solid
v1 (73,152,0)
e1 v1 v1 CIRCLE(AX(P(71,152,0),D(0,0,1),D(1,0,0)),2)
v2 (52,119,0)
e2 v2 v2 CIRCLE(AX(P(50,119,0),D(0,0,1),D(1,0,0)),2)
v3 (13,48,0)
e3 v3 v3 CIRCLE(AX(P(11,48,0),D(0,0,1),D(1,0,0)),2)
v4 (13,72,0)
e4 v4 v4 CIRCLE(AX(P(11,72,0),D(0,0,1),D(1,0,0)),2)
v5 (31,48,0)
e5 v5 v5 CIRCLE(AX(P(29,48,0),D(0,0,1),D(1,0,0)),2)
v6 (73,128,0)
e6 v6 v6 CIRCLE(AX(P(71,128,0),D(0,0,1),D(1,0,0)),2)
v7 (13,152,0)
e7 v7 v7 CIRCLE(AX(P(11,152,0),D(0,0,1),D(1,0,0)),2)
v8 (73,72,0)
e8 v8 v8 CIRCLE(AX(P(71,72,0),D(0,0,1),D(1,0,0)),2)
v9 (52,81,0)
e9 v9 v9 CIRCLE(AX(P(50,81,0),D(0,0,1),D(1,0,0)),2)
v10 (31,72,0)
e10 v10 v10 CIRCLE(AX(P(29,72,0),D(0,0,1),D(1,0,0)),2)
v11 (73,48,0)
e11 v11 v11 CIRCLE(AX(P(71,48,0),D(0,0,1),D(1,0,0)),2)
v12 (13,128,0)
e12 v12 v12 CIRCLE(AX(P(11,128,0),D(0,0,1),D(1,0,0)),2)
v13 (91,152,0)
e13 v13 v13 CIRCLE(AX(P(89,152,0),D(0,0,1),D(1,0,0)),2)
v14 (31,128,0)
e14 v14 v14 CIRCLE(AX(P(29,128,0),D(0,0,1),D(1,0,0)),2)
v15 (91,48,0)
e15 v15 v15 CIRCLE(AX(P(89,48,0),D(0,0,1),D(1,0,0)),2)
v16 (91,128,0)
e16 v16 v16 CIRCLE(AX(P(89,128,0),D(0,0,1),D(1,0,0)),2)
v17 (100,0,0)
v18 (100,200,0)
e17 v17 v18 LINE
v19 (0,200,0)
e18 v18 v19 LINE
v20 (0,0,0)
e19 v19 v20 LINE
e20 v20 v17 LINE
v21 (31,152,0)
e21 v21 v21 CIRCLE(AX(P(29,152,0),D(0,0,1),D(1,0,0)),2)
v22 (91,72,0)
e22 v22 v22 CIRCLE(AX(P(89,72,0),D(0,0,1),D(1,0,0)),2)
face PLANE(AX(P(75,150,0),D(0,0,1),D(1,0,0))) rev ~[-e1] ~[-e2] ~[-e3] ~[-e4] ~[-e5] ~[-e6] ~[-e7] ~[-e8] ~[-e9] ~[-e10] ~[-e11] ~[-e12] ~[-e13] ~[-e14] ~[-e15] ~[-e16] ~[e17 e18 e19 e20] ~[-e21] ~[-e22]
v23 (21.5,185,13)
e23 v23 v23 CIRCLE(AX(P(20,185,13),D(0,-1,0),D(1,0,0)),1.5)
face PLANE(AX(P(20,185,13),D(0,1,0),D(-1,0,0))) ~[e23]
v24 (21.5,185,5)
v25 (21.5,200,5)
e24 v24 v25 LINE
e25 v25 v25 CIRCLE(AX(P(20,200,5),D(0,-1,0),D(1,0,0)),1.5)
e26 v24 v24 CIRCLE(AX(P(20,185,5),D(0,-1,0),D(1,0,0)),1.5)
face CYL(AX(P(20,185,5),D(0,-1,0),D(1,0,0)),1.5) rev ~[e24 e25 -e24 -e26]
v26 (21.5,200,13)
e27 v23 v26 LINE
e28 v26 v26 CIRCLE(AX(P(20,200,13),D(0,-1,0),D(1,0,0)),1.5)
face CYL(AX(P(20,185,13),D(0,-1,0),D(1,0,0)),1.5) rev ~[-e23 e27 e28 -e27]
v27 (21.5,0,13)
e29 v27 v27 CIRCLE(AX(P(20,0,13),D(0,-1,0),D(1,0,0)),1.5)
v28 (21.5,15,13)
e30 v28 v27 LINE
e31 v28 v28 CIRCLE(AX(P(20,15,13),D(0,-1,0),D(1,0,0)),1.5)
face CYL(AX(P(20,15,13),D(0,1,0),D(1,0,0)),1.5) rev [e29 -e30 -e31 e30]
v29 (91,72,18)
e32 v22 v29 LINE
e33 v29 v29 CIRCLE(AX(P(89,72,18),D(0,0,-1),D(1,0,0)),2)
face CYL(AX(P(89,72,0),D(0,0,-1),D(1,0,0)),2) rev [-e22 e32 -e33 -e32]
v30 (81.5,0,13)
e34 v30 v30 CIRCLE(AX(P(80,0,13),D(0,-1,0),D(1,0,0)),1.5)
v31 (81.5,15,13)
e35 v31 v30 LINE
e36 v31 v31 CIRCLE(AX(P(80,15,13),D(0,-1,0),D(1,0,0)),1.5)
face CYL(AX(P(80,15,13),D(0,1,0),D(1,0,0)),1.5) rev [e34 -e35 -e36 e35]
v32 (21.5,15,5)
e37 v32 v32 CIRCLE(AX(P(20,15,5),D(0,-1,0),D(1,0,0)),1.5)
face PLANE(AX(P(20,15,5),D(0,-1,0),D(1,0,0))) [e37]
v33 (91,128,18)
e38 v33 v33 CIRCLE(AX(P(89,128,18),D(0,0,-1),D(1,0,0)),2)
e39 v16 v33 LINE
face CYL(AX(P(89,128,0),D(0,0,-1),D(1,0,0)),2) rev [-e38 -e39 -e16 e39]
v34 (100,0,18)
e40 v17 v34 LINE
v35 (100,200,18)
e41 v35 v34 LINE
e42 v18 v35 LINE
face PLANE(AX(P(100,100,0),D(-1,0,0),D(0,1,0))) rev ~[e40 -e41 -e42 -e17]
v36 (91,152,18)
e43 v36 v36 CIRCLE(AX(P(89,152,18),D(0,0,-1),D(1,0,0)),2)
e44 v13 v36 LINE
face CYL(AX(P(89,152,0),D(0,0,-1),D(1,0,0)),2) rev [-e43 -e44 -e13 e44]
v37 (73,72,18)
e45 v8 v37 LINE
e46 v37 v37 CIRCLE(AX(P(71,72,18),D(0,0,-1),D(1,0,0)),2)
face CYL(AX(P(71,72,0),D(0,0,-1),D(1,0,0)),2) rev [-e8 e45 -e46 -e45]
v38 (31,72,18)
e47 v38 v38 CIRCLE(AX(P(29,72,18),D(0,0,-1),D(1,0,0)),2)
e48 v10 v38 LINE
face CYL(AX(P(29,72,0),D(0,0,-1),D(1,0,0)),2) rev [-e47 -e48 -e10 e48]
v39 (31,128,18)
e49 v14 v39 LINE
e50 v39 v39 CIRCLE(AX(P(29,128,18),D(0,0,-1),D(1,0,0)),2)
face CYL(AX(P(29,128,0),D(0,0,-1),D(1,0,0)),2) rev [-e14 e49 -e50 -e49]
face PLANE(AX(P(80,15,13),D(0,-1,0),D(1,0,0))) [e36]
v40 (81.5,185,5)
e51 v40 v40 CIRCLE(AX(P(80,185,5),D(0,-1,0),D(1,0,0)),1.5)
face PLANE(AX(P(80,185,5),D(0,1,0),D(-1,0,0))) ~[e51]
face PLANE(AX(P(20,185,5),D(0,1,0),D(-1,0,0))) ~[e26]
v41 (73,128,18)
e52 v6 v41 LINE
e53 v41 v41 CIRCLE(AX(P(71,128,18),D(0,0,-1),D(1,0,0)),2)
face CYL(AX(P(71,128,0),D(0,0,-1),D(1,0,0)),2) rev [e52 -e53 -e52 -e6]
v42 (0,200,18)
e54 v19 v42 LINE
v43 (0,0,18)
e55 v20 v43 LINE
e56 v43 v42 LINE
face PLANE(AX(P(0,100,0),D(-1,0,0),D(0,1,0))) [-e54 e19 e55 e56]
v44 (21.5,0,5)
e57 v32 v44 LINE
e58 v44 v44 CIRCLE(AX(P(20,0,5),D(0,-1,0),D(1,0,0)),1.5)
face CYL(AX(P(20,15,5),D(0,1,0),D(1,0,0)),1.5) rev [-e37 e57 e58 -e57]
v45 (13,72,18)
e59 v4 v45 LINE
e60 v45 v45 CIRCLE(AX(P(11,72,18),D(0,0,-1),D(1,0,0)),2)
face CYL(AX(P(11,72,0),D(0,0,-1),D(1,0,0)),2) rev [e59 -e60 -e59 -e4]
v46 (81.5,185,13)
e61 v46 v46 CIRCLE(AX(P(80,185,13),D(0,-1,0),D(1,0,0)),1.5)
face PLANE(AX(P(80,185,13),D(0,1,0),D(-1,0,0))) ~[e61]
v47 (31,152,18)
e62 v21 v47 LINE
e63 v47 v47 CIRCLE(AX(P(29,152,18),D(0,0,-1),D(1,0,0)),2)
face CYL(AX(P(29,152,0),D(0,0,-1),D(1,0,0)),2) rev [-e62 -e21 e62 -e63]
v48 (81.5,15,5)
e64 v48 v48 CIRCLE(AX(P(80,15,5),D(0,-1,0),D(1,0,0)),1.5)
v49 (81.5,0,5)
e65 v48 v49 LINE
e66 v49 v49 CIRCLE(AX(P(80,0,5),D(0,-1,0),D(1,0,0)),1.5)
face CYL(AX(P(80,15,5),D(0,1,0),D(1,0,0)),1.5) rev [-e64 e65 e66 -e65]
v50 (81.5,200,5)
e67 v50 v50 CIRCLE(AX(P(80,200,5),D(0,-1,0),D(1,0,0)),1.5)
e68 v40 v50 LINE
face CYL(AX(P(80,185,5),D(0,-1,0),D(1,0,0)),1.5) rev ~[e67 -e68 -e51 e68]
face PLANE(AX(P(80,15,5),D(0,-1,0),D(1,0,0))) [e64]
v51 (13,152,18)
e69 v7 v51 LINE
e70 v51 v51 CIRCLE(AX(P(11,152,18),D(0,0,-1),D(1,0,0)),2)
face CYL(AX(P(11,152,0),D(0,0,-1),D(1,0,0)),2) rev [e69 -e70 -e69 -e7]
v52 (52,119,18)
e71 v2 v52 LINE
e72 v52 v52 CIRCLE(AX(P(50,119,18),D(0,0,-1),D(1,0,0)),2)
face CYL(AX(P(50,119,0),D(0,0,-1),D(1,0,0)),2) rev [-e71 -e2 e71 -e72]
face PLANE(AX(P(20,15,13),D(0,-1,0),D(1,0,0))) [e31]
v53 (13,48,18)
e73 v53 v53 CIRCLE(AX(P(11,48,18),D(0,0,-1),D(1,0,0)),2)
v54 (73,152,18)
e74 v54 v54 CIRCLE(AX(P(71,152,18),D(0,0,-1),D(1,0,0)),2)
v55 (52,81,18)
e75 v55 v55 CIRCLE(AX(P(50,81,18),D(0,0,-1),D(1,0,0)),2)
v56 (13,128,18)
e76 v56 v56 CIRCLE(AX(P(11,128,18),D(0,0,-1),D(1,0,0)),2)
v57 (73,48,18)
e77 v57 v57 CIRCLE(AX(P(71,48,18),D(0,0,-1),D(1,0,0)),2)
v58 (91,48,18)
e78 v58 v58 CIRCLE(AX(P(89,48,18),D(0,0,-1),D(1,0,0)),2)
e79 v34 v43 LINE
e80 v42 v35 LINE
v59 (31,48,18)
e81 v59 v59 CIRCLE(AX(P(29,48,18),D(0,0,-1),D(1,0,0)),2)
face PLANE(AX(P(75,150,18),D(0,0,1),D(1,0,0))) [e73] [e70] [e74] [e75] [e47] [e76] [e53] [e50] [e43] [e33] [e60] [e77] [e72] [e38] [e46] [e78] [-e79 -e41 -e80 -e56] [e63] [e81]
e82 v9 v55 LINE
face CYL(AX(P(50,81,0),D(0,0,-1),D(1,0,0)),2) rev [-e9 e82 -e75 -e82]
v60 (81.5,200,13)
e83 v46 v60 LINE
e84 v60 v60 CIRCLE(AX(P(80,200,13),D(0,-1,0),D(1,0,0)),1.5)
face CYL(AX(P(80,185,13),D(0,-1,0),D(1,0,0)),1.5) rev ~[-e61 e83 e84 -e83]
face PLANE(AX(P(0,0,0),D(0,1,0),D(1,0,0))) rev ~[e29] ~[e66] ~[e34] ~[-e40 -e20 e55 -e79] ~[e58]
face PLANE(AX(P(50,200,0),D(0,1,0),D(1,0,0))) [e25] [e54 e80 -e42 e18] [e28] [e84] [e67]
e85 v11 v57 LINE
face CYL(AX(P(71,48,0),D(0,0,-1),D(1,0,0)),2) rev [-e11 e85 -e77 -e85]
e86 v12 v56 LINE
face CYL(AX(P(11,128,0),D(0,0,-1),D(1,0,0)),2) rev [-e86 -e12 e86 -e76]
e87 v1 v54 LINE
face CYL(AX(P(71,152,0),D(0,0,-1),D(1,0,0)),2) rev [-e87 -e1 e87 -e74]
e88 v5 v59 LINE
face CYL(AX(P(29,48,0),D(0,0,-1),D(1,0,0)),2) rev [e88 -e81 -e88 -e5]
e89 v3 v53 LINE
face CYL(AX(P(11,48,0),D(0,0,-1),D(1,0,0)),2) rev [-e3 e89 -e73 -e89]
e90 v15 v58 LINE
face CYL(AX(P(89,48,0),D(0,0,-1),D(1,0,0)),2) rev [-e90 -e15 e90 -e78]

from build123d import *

# Parameters (mm, degrees)
CYLINDER021_R          = 1.5
CYLINDER021_DEPTH      = 15
CYLINDER021_ROLL_ANGLE = 90
CYLINDER020_R          = 1.5
CYLINDER020_DEPTH      = 15
CYLINDER020_ROLL_ANGLE = 90
CYLINDER018_R          = 1.5
CYLINDER018_DEPTH      = 15
CYLINDER018_ROLL_ANGLE = 90
CYLINDER019_R          = 1.5
CYLINDER019_DEPTH      = 15
CYLINDER019_ROLL_ANGLE = 90
CYLINDER017_R          = 2
CYLINDER017_DEPTH      = 25
CYLINDER016_R          = 2
CYLINDER016_DEPTH      = 25
CYLINDER001_R          = 2
CYLINDER001_DEPTH      = 25
CYLINDER002_R          = 2
CYLINDER002_DEPTH      = 25
CYLINDER003_R          = 2
CYLINDER003_DEPTH      = 25
CYLINDER_R             = 2
CYLINDER_DEPTH         = 25
BOX_W                  = 50
BOX_H                  = 100
BOX_DEPTH              = 18
CYLINDER013_R          = 2
CYLINDER013_DEPTH      = 25
CYLINDER014_R          = 2
CYLINDER014_DEPTH      = 25
CYLINDER015_R          = 2
CYLINDER015_DEPTH      = 25
CYLINDER012_R          = 2
CYLINDER012_DEPTH      = 25
BOX002_W               = 50
BOX002_H               = 100
BOX002_DEPTH           = 18
CYLINDER009_R          = 2
CYLINDER009_DEPTH      = 25
CYLINDER010_R          = 2
CYLINDER010_DEPTH      = 25
CYLINDER011_R          = 2
CYLINDER011_DEPTH      = 25
CYLINDER008_R          = 2
CYLINDER008_DEPTH      = 25
BOX003_W               = 50
BOX003_H               = 100
BOX003_DEPTH           = 18
CYLINDER005_R          = 2
CYLINDER005_DEPTH      = 25
CYLINDER006_R          = 2
CYLINDER006_DEPTH      = 25
CYLINDER007_R          = 2
CYLINDER007_DEPTH      = 25
CYLINDER004_R          = 2
CYLINDER004_DEPTH      = 25
BOX001_W               = 50
BOX001_H               = 100
BOX001_DEPTH           = 18


with BuildPart() as cilindro019:
    # Cylinder021 → Cylinder021 (new body)
    with BuildSketch(Plane.XY):
        Circle(CYLINDER021_R)
    extrude(amount=CYLINDER021_DEPTH)


with BuildPart() as cilindro019_1:
    # Cylinder021 roll: moved
    add(cilindro019.part.rotate(Axis((0, 0, 0), (1, 0, 0)), CYLINDER021_ROLL_ANGLE))


with BuildPart() as cilindro019_2:
    # Cylinder021 placement: moved
    add(cilindro019_1.part.moved(Location((20, 15, 9))))


with BuildPart() as fusion006:
    # Cylinder020 → Cylinder020 (new body)
    with BuildSketch(Plane.XY):
        Circle(CYLINDER020_R)
    extrude(amount=CYLINDER020_DEPTH)


with BuildPart() as fusion006_1:
    # Cylinder020 roll: moved
    add(fusion006.part.rotate(Axis((0, 0, 0), (1, 0, 0)), CYLINDER020_ROLL_ANGLE))


with BuildPart() as fusion006_2:
    # Cylinder020 placement: moved
    add(fusion006_1.part.moved(Location((80, 15, 9))))

    # Fusion006: union Cilindro019
    add(cilindro019_2.part)


with BuildPart() as fusion006_3:
    # Fusion006 placement: moved
    add(fusion006_2.part.moved(Location((0, 0, 4))))


with BuildPart() as mirror_of_fusion006:
    # mirror001: instance of Fusion006
    add(fusion006_3.part.mirror(Plane(origin=(0, 100, 18), x_dir=(1, 0, 0), z_dir=(0, 1, 0))))


with BuildPart() as cilindro016:
    # Cylinder018 → Cylinder018 (new body)
    with BuildSketch(Plane.XY):
        Circle(CYLINDER018_R)
    extrude(amount=CYLINDER018_DEPTH)


with BuildPart() as cilindro016_1:
    # Cylinder018 roll: moved
    add(cilindro016.part.rotate(Axis((0, 0, 0), (1, 0, 0)), CYLINDER018_ROLL_ANGLE))


with BuildPart() as cilindro016_2:
    # Cylinder018 placement: moved
    add(cilindro016_1.part.moved(Location((20, 15, 9))))


with BuildPart() as fusion005:
    # Cylinder019 → Cylinder019 (new body)
    with BuildSketch(Plane.XY):
        Circle(CYLINDER019_R)
    extrude(amount=CYLINDER019_DEPTH)


with BuildPart() as fusion005_1:
    # Cylinder019 roll: moved
    add(fusion005.part.rotate(Axis((0, 0, 0), (1, 0, 0)), CYLINDER019_ROLL_ANGLE))


with BuildPart() as fusion005_2:
    # Cylinder019 placement: moved
    add(fusion005_1.part.moved(Location((80, 15, 9))))

    # Fusion005: union Cilindro016
    add(cilindro016_2.part)


with BuildPart() as fusion005_3:
    # Fusion005 placement: moved
    add(fusion005_2.part.moved(Location((0, 0, -4))))


with BuildPart() as mirror_of_fusion005:
    # mirror: instance of Fusion005
    add(fusion005_3.part.mirror(Plane(origin=(80, 100, 18), x_dir=(-1, 0, 0), z_dir=(0, -1, 0))))


with BuildPart() as huecocentral2:
    # Cylinder017 → Cylinder017 (new body)
    with BuildSketch(Plane(origin=(50, 119, 0), x_dir=(1, 0, 0), z_dir=(0, 0, 1))):
        Circle(CYLINDER017_R)
    extrude(amount=CYLINDER017_DEPTH)


with BuildPart() as huecocentral1:
    # Cylinder016 → Cylinder016 (new body)
    with BuildSketch(Plane(origin=(50, 81, 0), x_dir=(1, 0, 0), z_dir=(0, 0, 1))):
        Circle(CYLINDER016_R)
    extrude(amount=CYLINDER016_DEPTH)


with BuildPart() as cilindro001:
    # Cylinder001 → Cylinder001 (new body)
    with BuildSketch(Plane(origin=(11, 72, 0), x_dir=(1, 0, 0), z_dir=(0, 0, 1))):
        Circle(CYLINDER001_R)
    extrude(amount=CYLINDER001_DEPTH)


with BuildPart() as cilindro002:
    # Cylinder002 → Cylinder002 (new body)
    with BuildSketch(Plane(origin=(29, 48, 0), x_dir=(1, 0, 0), z_dir=(0, 0, 1))):
        Circle(CYLINDER002_R)
    extrude(amount=CYLINDER002_DEPTH)


with BuildPart() as cilindro003:
    # Cylinder003 → Cylinder003 (new body)
    with BuildSketch(Plane(origin=(29, 72, 0), x_dir=(1, 0, 0), z_dir=(0, 0, 1))):
        Circle(CYLINDER003_R)
    extrude(amount=CYLINDER003_DEPTH)


with BuildPart() as huecos:
    # Cylinder → Cylinder (new body)
    with BuildSketch(Plane(origin=(11, 48, 0), x_dir=(1, 0, 0), z_dir=(0, 0, 1))):
        Circle(CYLINDER_R)
    extrude(amount=CYLINDER_DEPTH)

    # Fusion: union Cilindro001, Cilindro002, Cilindro003
    add(cilindro001.part)
    add(cilindro002.part)
    add(cilindro003.part)


with BuildPart() as cut003:
    # Box → Box (new body)
    with BuildSketch(Plane.XY):
        with Locations((25, 50)):
            Rectangle(BOX_W, BOX_H)
    extrude(amount=BOX_DEPTH)

    # Cut003: cut Huecos
    add(huecos.part, mode=Mode.SUBTRACT)


with BuildPart() as cilindro013:
    # Cylinder013 → Cylinder013 (new body)
    with BuildSketch(Plane(origin=(11, 72, 0), x_dir=(1, 0, 0), z_dir=(0, 0, 1))):
        Circle(CYLINDER013_R)
    extrude(amount=CYLINDER013_DEPTH)


with BuildPart() as cilindro014:
    # Cylinder014 → Cylinder014 (new body)
    with BuildSketch(Plane(origin=(29, 48, 0), x_dir=(1, 0, 0), z_dir=(0, 0, 1))):
        Circle(CYLINDER014_R)
    extrude(amount=CYLINDER014_DEPTH)


with BuildPart() as cilindro015:
    # Cylinder015 → Cylinder015 (new body)
    with BuildSketch(Plane(origin=(29, 72, 0), x_dir=(1, 0, 0), z_dir=(0, 0, 1))):
        Circle(CYLINDER015_R)
    extrude(amount=CYLINDER015_DEPTH)


with BuildPart() as huecos003:
    # Cylinder012 → Cylinder012 (new body)
    with BuildSketch(Plane(origin=(11, 48, 0), x_dir=(1, 0, 0), z_dir=(0, 0, 1))):
        Circle(CYLINDER012_R)
    extrude(amount=CYLINDER012_DEPTH)

    # Fusion003: union Cilindro013, Cilindro014, Cilindro015
    add(cilindro013.part)
    add(cilindro014.part)
    add(cilindro015.part)


with BuildPart() as huecos003_1:
    # Fusion003 placement: moved
    add(huecos003.part.moved(Location((0, 80, 0))))


with BuildPart() as cut:
    # Box002 → Box002 (new body)
    with BuildSketch(Plane(origin=(0, 100, 0), x_dir=(1, 0, 0), z_dir=(0, 0, 1))):
        with Locations((25, 50)):
            Rectangle(BOX002_W, BOX002_H)
    extrude(amount=BOX002_DEPTH)

    # Cut: cut Huecos003
    add(huecos003_1.part, mode=Mode.SUBTRACT)


with BuildPart() as cilindro009:
    # Cylinder009 → Cylinder009 (new body)
    with BuildSketch(Plane(origin=(11, 72, 0), x_dir=(1, 0, 0), z_dir=(0, 0, 1))):
        Circle(CYLINDER009_R)
    extrude(amount=CYLINDER009_DEPTH)


with BuildPart() as cilindro010:
    # Cylinder010 → Cylinder010 (new body)
    with BuildSketch(Plane(origin=(29, 48, 0), x_dir=(1, 0, 0), z_dir=(0, 0, 1))):
        Circle(CYLINDER010_R)
    extrude(amount=CYLINDER010_DEPTH)


with BuildPart() as cilindro011:
    # Cylinder011 → Cylinder011 (new body)
    with BuildSketch(Plane(origin=(29, 72, 0), x_dir=(1, 0, 0), z_dir=(0, 0, 1))):
        Circle(CYLINDER011_R)
    extrude(amount=CYLINDER011_DEPTH)


with BuildPart() as huecos002:
    # Cylinder008 → Cylinder008 (new body)
    with BuildSketch(Plane(origin=(11, 48, 0), x_dir=(1, 0, 0), z_dir=(0, 0, 1))):
        Circle(CYLINDER008_R)
    extrude(amount=CYLINDER008_DEPTH)

    # Fusion002: union Cilindro009, Cilindro010, Cilindro011
    add(cilindro009.part)
    add(cilindro010.part)
    add(cilindro011.part)


with BuildPart() as huecos002_1:
    # Fusion002 placement: moved
    add(huecos002.part.moved(Location((-40, 80, 0))))


with BuildPart() as cut001:
    # Box003 → Box003 (new body)
    with BuildSketch(Plane(origin=(-50, 100, 0), x_dir=(1, 0, 0), z_dir=(0, 0, 1))):
        with Locations((25, 50)):
            Rectangle(BOX003_W, BOX003_H)
    extrude(amount=BOX003_DEPTH)

    # Cut001: cut Huecos002
    add(huecos002_1.part, mode=Mode.SUBTRACT)


with BuildPart() as cut001_1:
    # Cut001 placement: moved
    add(cut001.part.moved(Location((100, 0, 0))))


with BuildPart() as cilindro005:
    # Cylinder005 → Cylinder005 (new body)
    with BuildSketch(Plane(origin=(11, 72, 0), x_dir=(1, 0, 0), z_dir=(0, 0, 1))):
        Circle(CYLINDER005_R)
    extrude(amount=CYLINDER005_DEPTH)


with BuildPart() as cilindro006:
    # Cylinder006 → Cylinder006 (new body)
    with BuildSketch(Plane(origin=(29, 48, 0), x_dir=(1, 0, 0), z_dir=(0, 0, 1))):
        Circle(CYLINDER006_R)
    extrude(amount=CYLINDER006_DEPTH)


with BuildPart() as cilindro007:
    # Cylinder007 → Cylinder007 (new body)
    with BuildSketch(Plane(origin=(29, 72, 0), x_dir=(1, 0, 0), z_dir=(0, 0, 1))):
        Circle(CYLINDER007_R)
    extrude(amount=CYLINDER007_DEPTH)


with BuildPart() as huecos001:
    # Cylinder004 → Cylinder004 (new body)
    with BuildSketch(Plane(origin=(11, 48, 0), x_dir=(1, 0, 0), z_dir=(0, 0, 1))):
        Circle(CYLINDER004_R)
    extrude(amount=CYLINDER004_DEPTH)

    # Fusion001: union Cilindro005, Cilindro006, Cilindro007
    add(cilindro005.part)
    add(cilindro006.part)
    add(cilindro007.part)


with BuildPart() as huecos001_1:
    # Fusion001 placement: moved
    add(huecos001.part.moved(Location((-40, 0, 0))))


with BuildPart() as cut009:
    # Box001 → Box001 (new body)
    with BuildSketch(Plane(origin=(-50, 0, 0), x_dir=(1, 0, 0), z_dir=(0, 0, 1))):
        with Locations((25, 50)):
            Rectangle(BOX001_W, BOX001_H)
    extrude(amount=BOX001_DEPTH)

    # Cut002: cut Huecos001
    add(huecos001_1.part, mode=Mode.SUBTRACT)


with BuildPart() as cut009_1:
    # Cut002 placement: moved
    add(cut009.part.moved(Location((100, 0, 0))))

    # Fusion004: union Cut003, Cut, Cut001
    add(cut003.part)
    add(cut.part)
    add(cut001_1.part)

    # Cut004: cut HuecoCentral1
    add(huecocentral1.part, mode=Mode.SUBTRACT)

    # Cut005: cut HuecoCentral2
    add(huecocentral2.part, mode=Mode.SUBTRACT)

    # Cut006: cut Mirror of Fusion005
    add(mirror_of_fusion005.part, mode=Mode.SUBTRACT)

    # Cut007: cut Fusion005
    add(fusion005_3.part, mode=Mode.SUBTRACT)

    # Cut008: cut Fusion006
    add(fusion006_3.part, mode=Mode.SUBTRACT)

    # Cut009: cut Mirror of Fusion006
    add(mirror_of_fusion006.part, mode=Mode.SUBTRACT)


solid = cut009_1.part
